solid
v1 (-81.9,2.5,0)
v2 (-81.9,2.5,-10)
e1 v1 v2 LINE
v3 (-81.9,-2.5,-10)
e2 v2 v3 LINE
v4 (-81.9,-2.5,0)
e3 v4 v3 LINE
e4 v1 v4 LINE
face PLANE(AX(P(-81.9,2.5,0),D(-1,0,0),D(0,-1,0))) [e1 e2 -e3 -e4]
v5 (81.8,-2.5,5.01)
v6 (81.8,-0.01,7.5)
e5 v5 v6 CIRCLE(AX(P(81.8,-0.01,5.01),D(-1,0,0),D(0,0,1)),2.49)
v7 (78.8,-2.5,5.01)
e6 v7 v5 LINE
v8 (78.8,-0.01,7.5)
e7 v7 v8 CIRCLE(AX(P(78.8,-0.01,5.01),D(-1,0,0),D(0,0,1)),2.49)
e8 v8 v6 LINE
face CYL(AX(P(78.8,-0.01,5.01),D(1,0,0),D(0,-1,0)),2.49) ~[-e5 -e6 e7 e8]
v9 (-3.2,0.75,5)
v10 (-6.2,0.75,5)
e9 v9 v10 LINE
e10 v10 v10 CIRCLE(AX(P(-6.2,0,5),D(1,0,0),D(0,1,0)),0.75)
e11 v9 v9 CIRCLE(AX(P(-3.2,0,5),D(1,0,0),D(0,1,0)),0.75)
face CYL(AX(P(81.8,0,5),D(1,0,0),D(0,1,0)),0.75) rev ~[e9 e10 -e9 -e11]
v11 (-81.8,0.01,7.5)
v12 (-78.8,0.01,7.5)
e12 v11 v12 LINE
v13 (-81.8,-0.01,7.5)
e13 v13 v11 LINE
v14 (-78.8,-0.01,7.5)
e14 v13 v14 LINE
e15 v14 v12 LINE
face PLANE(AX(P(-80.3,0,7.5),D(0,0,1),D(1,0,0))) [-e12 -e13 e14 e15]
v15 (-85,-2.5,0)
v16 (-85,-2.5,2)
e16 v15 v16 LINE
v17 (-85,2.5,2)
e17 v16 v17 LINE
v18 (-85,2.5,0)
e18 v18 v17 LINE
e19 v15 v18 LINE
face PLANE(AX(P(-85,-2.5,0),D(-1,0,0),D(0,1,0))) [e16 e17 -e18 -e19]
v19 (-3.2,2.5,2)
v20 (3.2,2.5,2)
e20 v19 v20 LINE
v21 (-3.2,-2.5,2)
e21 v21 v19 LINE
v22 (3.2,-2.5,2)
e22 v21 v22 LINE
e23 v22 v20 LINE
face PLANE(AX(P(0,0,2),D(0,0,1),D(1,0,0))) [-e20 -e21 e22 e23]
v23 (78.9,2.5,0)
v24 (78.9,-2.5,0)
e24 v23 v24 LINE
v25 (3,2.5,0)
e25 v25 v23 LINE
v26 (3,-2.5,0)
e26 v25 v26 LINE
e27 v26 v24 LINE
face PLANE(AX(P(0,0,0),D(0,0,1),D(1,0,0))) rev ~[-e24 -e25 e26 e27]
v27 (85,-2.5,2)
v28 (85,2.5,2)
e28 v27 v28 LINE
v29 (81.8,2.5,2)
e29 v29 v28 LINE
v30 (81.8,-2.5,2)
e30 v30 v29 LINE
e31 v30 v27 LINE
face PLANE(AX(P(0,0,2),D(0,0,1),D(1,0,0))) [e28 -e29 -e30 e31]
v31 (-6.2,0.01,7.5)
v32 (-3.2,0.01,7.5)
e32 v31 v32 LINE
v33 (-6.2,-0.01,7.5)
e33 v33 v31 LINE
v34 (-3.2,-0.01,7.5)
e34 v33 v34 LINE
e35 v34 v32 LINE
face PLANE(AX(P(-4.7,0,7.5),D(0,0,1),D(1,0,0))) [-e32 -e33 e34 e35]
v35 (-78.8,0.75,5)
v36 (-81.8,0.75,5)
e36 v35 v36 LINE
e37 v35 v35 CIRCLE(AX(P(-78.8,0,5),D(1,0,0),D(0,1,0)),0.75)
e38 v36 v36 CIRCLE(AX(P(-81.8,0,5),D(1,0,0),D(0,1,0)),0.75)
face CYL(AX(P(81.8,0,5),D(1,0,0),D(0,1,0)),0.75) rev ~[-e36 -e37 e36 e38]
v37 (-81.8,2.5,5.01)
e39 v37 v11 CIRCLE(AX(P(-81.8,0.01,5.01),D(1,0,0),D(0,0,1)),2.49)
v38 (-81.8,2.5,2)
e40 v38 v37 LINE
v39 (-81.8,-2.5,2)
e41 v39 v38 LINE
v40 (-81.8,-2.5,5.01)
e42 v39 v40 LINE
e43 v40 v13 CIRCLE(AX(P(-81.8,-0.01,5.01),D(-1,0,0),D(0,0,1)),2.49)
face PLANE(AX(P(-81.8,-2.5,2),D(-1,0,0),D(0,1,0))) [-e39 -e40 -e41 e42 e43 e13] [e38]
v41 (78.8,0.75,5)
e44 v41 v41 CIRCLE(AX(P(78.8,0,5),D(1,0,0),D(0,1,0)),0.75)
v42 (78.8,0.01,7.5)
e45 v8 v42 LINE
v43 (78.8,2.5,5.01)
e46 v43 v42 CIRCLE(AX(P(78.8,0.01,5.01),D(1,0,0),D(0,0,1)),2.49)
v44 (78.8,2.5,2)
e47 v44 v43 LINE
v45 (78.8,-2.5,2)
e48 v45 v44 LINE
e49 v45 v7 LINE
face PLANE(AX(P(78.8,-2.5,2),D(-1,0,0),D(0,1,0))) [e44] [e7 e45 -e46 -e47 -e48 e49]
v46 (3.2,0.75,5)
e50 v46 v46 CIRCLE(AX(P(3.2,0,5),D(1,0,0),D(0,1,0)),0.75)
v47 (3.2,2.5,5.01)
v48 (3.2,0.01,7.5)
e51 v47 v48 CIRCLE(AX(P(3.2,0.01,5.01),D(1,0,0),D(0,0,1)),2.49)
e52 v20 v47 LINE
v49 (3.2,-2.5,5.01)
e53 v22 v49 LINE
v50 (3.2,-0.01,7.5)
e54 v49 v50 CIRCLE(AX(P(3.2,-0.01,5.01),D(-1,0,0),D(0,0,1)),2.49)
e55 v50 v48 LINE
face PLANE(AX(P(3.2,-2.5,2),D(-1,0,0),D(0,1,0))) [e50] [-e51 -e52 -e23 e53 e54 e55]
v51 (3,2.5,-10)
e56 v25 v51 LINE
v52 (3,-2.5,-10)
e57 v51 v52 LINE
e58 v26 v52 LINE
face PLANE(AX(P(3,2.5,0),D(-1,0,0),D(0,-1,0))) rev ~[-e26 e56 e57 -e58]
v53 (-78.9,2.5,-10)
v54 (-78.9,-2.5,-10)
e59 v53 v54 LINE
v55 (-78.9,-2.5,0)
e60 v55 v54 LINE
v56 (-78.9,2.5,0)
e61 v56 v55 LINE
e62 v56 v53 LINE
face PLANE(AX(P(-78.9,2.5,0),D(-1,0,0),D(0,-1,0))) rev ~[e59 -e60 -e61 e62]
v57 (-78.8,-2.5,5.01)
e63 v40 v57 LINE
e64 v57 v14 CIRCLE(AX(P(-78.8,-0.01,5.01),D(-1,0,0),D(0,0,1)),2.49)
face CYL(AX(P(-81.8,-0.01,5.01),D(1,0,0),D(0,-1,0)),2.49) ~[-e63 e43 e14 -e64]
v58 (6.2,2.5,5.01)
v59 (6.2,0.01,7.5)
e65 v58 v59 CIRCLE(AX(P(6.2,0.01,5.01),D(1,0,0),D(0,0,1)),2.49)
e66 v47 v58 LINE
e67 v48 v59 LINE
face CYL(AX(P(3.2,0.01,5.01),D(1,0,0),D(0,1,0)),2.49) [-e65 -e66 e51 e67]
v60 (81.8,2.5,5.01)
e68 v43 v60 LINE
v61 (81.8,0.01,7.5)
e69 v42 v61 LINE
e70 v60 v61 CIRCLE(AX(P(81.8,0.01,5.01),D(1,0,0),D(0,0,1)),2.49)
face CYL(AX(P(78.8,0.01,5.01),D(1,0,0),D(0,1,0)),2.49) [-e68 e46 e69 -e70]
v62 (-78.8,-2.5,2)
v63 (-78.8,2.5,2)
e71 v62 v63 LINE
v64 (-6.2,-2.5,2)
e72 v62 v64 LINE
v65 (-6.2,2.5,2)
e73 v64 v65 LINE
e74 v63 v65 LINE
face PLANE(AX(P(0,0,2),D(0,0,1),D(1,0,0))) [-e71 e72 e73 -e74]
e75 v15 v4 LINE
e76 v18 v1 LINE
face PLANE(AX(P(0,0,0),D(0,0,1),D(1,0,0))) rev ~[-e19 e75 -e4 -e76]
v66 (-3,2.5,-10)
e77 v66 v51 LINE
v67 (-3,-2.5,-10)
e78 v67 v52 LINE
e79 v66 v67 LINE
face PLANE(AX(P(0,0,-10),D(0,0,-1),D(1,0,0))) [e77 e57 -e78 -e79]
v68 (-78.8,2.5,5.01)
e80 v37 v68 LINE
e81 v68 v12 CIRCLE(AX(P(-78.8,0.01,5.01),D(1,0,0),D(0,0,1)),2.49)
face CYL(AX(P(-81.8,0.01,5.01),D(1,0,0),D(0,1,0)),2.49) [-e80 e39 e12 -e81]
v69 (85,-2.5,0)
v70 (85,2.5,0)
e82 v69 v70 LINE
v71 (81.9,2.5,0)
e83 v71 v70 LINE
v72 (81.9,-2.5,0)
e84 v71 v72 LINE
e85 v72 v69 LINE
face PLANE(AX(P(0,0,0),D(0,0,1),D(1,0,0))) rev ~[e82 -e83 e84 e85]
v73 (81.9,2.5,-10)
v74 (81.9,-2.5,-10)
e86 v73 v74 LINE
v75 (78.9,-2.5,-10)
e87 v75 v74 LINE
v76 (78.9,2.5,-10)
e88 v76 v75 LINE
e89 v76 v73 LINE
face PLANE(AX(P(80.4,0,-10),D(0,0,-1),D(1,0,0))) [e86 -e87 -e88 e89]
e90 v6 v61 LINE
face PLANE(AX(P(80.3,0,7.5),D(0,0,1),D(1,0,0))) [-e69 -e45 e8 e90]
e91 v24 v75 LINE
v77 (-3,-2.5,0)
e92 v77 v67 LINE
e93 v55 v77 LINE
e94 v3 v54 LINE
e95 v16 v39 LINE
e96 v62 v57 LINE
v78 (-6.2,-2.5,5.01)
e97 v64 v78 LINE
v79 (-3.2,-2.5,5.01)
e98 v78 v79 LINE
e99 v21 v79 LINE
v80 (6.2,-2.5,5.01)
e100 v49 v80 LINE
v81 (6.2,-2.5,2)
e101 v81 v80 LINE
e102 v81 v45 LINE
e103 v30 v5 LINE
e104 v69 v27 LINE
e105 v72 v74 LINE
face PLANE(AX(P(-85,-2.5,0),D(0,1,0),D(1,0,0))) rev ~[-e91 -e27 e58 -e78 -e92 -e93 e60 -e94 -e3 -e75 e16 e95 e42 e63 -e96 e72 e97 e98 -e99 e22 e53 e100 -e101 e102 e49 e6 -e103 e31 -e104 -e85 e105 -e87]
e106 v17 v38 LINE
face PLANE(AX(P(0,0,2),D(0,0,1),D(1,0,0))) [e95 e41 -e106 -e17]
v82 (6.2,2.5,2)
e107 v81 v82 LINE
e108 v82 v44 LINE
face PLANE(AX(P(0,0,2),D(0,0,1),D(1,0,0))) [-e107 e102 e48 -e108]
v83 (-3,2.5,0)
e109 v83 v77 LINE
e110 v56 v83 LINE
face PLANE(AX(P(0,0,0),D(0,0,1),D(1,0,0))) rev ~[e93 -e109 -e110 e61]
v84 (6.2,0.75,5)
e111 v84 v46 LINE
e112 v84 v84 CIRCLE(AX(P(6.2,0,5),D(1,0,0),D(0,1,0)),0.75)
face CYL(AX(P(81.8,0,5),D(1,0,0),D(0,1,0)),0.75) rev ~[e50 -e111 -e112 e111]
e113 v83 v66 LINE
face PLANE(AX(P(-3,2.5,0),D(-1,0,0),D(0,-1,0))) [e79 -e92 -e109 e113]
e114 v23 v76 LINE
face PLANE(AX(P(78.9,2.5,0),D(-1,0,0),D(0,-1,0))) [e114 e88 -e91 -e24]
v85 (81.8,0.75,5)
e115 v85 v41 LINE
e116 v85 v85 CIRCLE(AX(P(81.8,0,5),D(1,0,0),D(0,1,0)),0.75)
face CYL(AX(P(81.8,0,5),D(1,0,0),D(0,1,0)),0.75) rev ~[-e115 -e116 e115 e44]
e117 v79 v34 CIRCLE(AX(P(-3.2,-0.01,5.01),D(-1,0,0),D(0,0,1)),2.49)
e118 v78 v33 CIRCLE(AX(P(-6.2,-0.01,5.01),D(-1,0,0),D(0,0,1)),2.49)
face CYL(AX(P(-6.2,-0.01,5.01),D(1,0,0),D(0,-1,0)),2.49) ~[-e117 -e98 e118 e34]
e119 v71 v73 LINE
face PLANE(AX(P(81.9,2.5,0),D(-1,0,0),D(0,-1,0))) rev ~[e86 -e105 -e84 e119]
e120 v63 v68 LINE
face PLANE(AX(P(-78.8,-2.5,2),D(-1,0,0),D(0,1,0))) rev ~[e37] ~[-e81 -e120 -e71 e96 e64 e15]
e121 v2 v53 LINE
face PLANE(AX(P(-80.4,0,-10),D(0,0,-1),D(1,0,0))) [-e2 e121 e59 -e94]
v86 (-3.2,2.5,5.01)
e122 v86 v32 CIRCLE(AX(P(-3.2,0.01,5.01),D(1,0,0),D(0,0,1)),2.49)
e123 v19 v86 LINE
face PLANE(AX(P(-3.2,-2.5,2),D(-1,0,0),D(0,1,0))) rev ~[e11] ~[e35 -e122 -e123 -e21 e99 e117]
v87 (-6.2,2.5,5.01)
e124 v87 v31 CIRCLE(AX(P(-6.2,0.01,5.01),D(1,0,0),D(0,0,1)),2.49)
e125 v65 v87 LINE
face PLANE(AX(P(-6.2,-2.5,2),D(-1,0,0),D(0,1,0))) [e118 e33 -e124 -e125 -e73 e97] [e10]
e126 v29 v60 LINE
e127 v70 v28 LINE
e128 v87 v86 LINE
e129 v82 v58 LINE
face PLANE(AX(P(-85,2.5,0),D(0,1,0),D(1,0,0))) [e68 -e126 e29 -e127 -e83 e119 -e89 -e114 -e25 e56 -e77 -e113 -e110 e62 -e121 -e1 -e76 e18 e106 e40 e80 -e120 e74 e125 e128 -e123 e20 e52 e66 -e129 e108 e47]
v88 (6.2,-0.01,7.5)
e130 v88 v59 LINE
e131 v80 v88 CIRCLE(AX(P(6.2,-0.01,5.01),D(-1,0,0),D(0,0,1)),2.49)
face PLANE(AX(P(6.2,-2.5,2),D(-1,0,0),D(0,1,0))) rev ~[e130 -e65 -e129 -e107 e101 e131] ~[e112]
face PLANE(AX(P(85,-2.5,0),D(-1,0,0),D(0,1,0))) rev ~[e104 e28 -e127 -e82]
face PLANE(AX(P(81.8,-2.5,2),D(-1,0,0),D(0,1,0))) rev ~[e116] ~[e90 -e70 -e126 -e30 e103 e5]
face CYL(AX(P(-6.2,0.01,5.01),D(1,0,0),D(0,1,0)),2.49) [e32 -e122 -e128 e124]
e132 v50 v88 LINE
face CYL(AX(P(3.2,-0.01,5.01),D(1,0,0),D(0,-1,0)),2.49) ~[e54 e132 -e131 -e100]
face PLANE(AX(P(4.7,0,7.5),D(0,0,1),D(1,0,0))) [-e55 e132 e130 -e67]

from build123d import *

# Parameters (mm, degrees)
SKETCH_W      = 170
SKETCH_H      = 5
PAD_DEPTH     = 2
SKETCH001_W   = 3
SKETCH001_H   = 5
PAD001_DEPTH  = 5.5
FILLET_R      = 2.49
SKETCH002_R   = 0.75
POCKET_DEPTH  = 200
SKETCH003_W   = 3
SKETCH003_H   = 5
SKETCH003_W_2 = 6
PAD002_DEPTH  = 10


with BuildPart() as part:
    # Sketch → Pad (new body)
    with BuildSketch(Plane.XY):
        Rectangle(SKETCH_W, SKETCH_H)
    extrude(amount=PAD_DEPTH)

    # Sketch001 (on Face6 of Pad) → Pad001 (join)
    with BuildSketch(Plane.XY.offset(2)):
        with Locations((-80.3, 0)):
            Rectangle(SKETCH001_W, SKETCH001_H)
        with Locations((80.3, 0)):
            Rectangle(SKETCH001_W, SKETCH001_H)
        with Locations((-4.7, 0)):
            Rectangle(SKETCH001_W, SKETCH001_H)
        with Locations((4.7, 0)):
            Rectangle(SKETCH001_W, SKETCH001_H)
    extrude(amount=PAD001_DEPTH)

    # Fillet
    fillet_edges = [part.edges().sort_by_distance(p)[0] for p in [
        (-80.3, -2.5, 7.5),
        (-4.7, -2.5, 7.5),
        (4.7, -2.5, 7.5),
        (80.3, -2.5, 7.5),
        (80.3, 2.5, 7.5),
        (4.7, 2.5, 7.5),
        (-4.7, 2.5, 7.5),
        (-80.3, 2.5, 7.5),
    ]]
    fillet(fillet_edges, radius=FILLET_R)

    # Sketch002 (on Face29 of Fillet) → Pocket (cut)
    with BuildSketch(Plane.YZ.offset(81.8)):
        with Locations((0, 5)):
            Circle(SKETCH002_R)
    extrude(amount=-POCKET_DEPTH, mode=Mode.SUBTRACT)

    # Sketch003 (on Face13 of Pocket) → Pad002 (join)
    with BuildSketch(Plane(origin=(0, 0, 0), x_dir=(1, 0, 0), z_dir=(0, 0, -1))):
        with Locations((-80.4, 0)):
            Rectangle(SKETCH003_W, SKETCH003_H)
        Rectangle(SKETCH003_W_2, SKETCH003_H)
        with Locations((80.4, 0)):
            Rectangle(SKETCH003_W, SKETCH003_H)
    extrude(amount=PAD002_DEPTH)


solid = part.part
